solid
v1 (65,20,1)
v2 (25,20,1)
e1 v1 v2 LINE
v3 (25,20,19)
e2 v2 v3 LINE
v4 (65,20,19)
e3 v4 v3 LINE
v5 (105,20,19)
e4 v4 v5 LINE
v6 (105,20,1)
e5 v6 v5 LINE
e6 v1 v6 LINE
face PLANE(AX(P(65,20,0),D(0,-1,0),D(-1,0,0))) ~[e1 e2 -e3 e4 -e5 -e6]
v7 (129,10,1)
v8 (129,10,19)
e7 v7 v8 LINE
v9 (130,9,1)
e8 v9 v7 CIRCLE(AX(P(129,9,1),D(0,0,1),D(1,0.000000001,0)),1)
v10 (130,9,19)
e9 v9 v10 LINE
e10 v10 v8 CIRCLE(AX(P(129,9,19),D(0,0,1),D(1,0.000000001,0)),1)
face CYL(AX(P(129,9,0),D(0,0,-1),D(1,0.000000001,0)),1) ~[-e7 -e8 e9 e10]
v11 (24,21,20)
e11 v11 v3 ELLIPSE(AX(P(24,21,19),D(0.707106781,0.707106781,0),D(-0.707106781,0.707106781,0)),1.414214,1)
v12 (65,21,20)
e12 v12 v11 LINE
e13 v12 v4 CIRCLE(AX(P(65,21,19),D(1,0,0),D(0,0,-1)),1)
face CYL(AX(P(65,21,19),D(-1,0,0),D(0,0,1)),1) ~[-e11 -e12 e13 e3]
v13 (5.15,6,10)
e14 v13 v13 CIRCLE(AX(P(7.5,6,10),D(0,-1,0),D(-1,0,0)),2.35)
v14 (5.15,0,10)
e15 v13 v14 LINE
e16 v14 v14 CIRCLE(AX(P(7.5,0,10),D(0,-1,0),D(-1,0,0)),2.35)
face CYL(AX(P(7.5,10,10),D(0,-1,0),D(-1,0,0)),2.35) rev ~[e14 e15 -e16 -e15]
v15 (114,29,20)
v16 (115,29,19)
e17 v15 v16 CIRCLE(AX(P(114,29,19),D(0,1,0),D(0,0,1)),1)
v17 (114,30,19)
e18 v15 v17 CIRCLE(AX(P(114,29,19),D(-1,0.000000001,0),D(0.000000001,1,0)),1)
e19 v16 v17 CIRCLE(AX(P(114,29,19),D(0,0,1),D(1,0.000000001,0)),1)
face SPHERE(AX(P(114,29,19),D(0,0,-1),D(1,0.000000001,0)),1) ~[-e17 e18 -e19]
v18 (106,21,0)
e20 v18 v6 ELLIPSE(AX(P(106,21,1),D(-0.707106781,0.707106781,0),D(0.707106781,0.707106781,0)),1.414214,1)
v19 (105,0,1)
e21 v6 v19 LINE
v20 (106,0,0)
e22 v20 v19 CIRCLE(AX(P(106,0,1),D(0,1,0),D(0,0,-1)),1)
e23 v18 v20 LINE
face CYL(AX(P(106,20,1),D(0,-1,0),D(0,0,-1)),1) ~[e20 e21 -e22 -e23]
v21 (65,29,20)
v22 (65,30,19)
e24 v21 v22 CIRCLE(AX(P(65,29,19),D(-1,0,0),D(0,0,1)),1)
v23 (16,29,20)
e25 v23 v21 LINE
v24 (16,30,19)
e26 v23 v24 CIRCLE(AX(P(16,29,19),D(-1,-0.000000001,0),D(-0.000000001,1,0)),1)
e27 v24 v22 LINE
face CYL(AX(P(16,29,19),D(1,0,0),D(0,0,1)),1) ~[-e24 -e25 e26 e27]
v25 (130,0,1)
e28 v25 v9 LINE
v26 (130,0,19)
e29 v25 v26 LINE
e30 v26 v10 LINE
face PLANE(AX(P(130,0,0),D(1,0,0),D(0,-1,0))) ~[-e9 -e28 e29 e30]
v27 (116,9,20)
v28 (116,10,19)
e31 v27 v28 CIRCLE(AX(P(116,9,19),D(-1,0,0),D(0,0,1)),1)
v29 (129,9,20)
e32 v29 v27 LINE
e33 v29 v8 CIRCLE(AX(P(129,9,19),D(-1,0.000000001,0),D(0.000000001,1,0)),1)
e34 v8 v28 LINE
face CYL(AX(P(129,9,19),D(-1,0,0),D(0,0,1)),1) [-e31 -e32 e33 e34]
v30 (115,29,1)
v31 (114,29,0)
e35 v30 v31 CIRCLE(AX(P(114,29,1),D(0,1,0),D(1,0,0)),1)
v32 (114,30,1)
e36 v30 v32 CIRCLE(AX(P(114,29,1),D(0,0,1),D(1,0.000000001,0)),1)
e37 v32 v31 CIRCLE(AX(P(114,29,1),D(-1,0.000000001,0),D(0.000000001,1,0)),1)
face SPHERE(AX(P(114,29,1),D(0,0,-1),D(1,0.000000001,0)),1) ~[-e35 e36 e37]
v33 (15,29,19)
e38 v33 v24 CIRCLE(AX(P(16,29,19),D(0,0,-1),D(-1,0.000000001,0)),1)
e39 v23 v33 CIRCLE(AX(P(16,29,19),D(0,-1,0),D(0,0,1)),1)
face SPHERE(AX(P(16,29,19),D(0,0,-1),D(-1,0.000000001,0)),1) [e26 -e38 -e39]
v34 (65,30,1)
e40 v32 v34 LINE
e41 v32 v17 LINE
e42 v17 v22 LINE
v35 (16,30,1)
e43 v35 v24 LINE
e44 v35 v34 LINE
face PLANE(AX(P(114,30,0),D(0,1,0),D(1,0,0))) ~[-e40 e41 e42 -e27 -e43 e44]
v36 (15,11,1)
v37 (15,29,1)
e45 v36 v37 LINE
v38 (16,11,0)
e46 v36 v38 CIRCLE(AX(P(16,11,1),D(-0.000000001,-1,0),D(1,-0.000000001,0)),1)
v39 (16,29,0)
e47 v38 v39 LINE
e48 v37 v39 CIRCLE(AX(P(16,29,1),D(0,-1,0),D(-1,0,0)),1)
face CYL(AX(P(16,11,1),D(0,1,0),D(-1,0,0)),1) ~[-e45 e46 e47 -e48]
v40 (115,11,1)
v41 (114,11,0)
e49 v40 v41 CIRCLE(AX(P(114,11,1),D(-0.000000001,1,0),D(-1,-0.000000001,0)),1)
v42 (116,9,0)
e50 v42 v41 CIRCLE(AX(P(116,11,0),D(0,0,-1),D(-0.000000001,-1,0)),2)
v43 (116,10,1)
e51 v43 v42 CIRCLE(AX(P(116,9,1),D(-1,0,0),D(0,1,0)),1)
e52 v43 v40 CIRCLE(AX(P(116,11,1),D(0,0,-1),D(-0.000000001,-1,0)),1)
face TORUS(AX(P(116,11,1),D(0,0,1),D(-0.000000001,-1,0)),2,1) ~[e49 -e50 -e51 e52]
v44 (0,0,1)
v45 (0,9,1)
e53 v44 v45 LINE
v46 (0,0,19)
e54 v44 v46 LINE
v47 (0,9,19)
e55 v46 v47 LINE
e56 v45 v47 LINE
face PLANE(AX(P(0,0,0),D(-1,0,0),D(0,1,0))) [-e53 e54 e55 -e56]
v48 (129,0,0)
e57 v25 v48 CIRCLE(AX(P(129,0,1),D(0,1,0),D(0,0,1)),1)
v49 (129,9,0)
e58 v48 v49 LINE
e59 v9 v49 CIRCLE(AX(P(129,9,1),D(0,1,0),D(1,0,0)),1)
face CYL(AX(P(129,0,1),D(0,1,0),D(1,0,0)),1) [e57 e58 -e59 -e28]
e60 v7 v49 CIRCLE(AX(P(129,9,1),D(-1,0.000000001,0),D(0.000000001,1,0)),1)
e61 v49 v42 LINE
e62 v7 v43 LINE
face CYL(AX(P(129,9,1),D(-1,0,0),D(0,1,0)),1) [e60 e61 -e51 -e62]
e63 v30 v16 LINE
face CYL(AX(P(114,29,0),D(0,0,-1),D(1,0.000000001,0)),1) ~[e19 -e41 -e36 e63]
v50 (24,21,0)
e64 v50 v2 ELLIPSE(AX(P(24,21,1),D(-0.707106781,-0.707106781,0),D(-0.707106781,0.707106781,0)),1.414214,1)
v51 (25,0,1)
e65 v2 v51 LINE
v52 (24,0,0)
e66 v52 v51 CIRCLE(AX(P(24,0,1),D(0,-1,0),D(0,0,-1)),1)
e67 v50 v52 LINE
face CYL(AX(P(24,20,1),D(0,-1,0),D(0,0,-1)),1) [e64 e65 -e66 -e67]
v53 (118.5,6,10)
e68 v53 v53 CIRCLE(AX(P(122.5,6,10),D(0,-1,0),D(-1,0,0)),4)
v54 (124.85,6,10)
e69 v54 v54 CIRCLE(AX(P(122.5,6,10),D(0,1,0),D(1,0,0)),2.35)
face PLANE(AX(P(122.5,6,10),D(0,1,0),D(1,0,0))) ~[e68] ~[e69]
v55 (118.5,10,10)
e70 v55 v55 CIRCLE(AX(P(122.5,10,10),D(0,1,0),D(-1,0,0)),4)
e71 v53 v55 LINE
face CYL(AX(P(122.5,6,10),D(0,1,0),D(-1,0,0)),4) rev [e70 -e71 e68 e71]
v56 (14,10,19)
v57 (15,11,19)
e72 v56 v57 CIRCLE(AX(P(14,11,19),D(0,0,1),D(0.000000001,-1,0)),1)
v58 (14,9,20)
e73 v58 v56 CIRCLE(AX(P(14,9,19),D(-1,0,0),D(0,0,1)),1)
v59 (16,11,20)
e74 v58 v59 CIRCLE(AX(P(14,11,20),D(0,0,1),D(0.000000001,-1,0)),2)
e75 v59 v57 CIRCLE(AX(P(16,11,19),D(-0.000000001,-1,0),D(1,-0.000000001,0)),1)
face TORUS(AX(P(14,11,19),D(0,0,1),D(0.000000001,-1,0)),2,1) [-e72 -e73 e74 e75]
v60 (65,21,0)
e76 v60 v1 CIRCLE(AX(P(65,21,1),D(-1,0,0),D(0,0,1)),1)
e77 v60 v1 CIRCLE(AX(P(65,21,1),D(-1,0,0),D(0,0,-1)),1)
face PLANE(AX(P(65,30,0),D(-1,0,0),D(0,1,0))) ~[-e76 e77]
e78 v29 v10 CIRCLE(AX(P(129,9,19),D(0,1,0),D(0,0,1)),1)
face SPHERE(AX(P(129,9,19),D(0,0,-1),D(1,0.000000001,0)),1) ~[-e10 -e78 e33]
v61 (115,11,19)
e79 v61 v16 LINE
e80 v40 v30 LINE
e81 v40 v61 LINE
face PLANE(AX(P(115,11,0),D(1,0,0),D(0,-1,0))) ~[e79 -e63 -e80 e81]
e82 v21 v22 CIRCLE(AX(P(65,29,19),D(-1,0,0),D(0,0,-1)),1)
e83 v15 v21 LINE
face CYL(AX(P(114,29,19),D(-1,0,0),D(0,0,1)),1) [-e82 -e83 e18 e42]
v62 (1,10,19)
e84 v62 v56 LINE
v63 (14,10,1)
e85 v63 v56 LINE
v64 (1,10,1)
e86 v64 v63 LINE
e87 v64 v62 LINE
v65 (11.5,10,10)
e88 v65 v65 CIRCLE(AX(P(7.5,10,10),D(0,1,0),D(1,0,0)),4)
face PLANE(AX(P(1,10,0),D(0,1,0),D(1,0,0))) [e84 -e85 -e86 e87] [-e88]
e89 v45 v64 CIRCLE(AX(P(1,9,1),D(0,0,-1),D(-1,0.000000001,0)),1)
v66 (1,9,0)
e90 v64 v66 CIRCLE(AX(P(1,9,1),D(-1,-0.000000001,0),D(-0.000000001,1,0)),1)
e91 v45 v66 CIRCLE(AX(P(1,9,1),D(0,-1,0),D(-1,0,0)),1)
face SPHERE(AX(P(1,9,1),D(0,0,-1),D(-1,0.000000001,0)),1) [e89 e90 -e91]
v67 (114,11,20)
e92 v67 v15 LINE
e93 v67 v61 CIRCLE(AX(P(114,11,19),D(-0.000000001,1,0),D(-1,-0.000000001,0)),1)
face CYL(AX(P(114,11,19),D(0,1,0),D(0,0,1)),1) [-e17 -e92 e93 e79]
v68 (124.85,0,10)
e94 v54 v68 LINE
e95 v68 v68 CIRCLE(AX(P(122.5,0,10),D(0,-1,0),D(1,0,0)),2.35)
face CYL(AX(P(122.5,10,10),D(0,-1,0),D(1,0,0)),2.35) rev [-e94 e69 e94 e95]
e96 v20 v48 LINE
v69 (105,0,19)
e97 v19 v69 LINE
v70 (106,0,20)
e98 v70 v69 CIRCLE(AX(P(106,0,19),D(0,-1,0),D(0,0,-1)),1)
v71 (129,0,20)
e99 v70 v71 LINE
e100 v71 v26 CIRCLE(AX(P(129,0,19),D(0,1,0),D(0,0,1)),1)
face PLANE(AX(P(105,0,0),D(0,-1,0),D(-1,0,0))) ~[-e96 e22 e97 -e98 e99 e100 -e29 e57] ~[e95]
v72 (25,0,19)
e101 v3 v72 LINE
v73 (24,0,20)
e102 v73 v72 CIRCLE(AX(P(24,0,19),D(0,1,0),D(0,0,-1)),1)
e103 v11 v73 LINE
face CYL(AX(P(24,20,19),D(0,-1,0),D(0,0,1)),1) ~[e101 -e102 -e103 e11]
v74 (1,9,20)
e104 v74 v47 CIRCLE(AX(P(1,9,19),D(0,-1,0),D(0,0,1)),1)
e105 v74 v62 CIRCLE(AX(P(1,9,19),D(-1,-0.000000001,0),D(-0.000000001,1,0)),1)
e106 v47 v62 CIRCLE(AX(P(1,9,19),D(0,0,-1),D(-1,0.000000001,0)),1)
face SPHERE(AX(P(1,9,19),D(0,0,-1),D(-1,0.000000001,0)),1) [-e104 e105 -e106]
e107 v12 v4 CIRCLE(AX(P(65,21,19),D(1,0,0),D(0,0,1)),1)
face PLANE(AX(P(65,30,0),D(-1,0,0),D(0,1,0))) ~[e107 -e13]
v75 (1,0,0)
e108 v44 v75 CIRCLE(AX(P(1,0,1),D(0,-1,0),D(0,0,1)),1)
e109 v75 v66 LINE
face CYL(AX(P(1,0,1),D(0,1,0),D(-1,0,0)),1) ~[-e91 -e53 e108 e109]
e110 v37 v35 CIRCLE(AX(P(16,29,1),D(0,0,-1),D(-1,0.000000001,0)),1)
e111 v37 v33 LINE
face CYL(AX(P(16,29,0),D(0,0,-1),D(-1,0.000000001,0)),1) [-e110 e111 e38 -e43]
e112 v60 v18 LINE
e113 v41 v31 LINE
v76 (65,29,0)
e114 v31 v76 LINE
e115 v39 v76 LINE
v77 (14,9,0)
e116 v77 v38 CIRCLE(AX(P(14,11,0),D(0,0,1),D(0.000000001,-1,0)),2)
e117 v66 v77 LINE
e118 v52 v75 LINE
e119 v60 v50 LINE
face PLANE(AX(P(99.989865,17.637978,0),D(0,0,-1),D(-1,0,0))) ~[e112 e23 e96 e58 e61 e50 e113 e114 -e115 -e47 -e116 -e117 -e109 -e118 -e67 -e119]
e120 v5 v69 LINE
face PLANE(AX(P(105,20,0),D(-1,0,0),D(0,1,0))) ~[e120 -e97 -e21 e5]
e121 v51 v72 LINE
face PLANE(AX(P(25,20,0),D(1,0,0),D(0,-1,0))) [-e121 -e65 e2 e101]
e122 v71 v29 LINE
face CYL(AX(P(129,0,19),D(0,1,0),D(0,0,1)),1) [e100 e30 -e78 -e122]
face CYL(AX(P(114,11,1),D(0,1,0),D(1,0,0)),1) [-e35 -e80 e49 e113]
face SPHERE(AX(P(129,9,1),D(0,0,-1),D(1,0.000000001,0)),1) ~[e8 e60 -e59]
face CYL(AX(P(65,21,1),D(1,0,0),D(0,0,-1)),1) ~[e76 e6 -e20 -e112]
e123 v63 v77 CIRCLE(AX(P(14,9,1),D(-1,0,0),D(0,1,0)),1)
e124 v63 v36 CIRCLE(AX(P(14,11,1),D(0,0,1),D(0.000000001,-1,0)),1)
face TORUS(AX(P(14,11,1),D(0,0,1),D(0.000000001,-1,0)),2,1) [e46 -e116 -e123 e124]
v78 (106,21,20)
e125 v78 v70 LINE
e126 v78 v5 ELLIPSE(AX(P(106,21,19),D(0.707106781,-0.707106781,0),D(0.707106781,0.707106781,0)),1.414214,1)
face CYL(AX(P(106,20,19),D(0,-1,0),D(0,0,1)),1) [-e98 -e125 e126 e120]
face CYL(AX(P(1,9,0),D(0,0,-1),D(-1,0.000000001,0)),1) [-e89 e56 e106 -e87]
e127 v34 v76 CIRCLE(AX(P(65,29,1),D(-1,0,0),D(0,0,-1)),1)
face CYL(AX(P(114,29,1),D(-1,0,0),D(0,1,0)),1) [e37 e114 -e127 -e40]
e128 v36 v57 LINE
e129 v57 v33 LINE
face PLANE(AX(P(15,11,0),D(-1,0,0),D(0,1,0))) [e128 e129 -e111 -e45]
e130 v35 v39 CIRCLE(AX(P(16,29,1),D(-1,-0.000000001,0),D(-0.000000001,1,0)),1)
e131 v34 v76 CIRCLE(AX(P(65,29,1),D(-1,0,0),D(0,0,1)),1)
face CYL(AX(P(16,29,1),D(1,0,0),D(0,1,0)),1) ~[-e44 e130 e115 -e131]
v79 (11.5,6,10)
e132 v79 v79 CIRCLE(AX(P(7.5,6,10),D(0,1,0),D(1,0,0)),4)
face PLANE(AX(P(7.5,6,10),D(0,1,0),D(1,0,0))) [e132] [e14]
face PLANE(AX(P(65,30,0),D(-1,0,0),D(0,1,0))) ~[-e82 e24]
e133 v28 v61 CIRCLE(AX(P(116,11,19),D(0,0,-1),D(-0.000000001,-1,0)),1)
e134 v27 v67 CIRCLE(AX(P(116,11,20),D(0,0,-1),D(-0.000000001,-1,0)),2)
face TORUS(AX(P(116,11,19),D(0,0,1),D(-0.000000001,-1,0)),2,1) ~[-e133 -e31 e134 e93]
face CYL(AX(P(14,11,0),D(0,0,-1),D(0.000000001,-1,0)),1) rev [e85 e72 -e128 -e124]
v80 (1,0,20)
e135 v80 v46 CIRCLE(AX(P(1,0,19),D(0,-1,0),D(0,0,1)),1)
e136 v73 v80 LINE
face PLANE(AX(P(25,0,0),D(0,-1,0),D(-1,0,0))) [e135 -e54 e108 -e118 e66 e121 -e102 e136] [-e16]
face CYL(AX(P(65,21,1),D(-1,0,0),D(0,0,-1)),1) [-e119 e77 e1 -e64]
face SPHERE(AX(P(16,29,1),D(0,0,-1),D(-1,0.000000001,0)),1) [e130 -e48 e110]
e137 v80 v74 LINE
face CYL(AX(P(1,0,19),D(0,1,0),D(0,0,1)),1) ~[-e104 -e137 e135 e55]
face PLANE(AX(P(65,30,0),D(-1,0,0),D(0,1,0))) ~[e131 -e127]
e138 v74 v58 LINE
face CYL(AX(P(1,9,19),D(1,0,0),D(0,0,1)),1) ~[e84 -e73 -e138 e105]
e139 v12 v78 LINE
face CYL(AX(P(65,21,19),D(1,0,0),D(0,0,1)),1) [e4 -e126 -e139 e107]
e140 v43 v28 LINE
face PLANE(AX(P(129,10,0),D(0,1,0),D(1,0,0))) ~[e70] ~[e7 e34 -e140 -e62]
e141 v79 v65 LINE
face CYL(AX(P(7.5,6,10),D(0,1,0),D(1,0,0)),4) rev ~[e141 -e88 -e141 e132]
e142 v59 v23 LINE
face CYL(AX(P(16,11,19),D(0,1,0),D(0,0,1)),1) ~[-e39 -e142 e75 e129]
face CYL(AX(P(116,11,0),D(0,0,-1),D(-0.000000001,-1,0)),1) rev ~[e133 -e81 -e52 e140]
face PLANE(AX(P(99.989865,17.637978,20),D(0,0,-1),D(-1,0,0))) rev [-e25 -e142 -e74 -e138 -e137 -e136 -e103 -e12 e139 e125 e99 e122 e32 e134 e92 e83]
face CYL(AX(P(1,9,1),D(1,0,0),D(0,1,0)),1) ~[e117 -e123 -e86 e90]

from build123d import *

# Parameters (mm, degrees)
BOSS_EXTRUDE1_DEPTH            = 20
CBORE_FOR_M4_SHCS1_D           = 4.7
CBORE_FOR_M4_SHCS1_CBORE_D     = 8
CBORE_FOR_M4_SHCS1_CBORE_DEPTH = 4
FILLET1_R                      = 1
FILLET1_OF_MIRROR1_R           = 1


with BuildPart() as part:
    # Sketch1 → Boss-Extrude1 (new body)
    with BuildSketch(Plane.XY):
        with BuildLine():
            Line((0, 0), (0, 9))
            ThreePointArc((0, 9), (0.292893219, 9.707106781), (1, 10))
            Line((1, 10), (14, 10))
            ThreePointArc((14, 10), (14.707106781, 10.292893219), (15, 11))
            Line((15, 11), (15, 29))
            ThreePointArc((15, 29), (15.292893219, 29.707106781), (16, 30))
            Line((16, 30), (65, 30))
            Line((65, 30), (65, 20))
            Line((65, 20), (25, 20))
            Line((25, 20), (25, 0))
            Line((25, 0), (0, 0))
        make_face()
    boss_extrude1 = extrude(amount=BOSS_EXTRUDE1_DEPTH)

    # CBORE for M4 SHCS1 (through all)
    with Locations(Plane(origin=(0, 10, 0), x_dir=(1, 0, 0), z_dir=(0, 1, 0))):
        with Locations((7.5, -10)):
            cbore_for_m4_shcs1 = CounterBoreHole(CBORE_FOR_M4_SHCS1_D / 2, CBORE_FOR_M4_SHCS1_CBORE_D / 2, CBORE_FOR_M4_SHCS1_CBORE_DEPTH)

    # Fillet1
    fillet1_edges = [part.edges().sort_by_distance(p)[0] for p in [
        (45, 20, 20),
        (0, 4.5, 0),
        (0.292893219, 9.707106781, 0),
        (7.5, 10, 0),
        (14.707106781, 10.292893219, 0),
        (15, 20, 0),
        (15.292893219, 29.707106781, 0),
        (40.5, 30, 0),
        (45, 20, 0),
        (25, 10, 0),
        (40.5, 30, 20),
        (15.292893219, 29.707106781, 20),
        (15, 20, 20),
        (14.707106781, 10.292893219, 20),
        (7.5, 10, 20),
        (0.292893219, 9.707106781, 20),
        (0, 4.5, 20),
        (25, 10, 20),
    ]]
    fillet(fillet1_edges, radius=FILLET1_R)

    # Mirror1: Boss-Extrude1, CBORE for M4 SHCS1 across plane
    add(boss_extrude1.mirror(Plane(origin=(65, 30, 20), x_dir=(0, 0, 1), z_dir=(-1, 0, 0))))
    add(cbore_for_m4_shcs1.mirror(Plane(origin=(65, 30, 20), x_dir=(0, 0, 1), z_dir=(-1, 0, 0))), mode=Mode.SUBTRACT)

    # Fillet1 of Mirror1
    fillet1_of_mirror1_edges = [part.edges().sort_by_distance(p)[0] for p in [
        (85, 20, 20),
        (130, 4.5, 0),
        (129.707106781, 9.707106781, 0),
        (122.5, 10, 0),
        (115.292893219, 10.292893219, 0),
        (115, 20, 0),
        (114.707106781, 29.707106781, 0),
        (89.5, 30, 0),
        (85, 20, 0),
        (105, 10, 0),
        (89.5, 30, 20),
        (114.707106781, 29.707106781, 20),
        (115, 20, 20),
        (115.292893219, 10.292893219, 20),
        (122.5, 10, 20),
        (129.707106781, 9.707106781, 20),
        (130, 4.5, 20),
        (105, 10, 20),
    ]]
    fillet(fillet1_of_mirror1_edges, radius=FILLET1_OF_MIRROR1_R)


solid = part.part
